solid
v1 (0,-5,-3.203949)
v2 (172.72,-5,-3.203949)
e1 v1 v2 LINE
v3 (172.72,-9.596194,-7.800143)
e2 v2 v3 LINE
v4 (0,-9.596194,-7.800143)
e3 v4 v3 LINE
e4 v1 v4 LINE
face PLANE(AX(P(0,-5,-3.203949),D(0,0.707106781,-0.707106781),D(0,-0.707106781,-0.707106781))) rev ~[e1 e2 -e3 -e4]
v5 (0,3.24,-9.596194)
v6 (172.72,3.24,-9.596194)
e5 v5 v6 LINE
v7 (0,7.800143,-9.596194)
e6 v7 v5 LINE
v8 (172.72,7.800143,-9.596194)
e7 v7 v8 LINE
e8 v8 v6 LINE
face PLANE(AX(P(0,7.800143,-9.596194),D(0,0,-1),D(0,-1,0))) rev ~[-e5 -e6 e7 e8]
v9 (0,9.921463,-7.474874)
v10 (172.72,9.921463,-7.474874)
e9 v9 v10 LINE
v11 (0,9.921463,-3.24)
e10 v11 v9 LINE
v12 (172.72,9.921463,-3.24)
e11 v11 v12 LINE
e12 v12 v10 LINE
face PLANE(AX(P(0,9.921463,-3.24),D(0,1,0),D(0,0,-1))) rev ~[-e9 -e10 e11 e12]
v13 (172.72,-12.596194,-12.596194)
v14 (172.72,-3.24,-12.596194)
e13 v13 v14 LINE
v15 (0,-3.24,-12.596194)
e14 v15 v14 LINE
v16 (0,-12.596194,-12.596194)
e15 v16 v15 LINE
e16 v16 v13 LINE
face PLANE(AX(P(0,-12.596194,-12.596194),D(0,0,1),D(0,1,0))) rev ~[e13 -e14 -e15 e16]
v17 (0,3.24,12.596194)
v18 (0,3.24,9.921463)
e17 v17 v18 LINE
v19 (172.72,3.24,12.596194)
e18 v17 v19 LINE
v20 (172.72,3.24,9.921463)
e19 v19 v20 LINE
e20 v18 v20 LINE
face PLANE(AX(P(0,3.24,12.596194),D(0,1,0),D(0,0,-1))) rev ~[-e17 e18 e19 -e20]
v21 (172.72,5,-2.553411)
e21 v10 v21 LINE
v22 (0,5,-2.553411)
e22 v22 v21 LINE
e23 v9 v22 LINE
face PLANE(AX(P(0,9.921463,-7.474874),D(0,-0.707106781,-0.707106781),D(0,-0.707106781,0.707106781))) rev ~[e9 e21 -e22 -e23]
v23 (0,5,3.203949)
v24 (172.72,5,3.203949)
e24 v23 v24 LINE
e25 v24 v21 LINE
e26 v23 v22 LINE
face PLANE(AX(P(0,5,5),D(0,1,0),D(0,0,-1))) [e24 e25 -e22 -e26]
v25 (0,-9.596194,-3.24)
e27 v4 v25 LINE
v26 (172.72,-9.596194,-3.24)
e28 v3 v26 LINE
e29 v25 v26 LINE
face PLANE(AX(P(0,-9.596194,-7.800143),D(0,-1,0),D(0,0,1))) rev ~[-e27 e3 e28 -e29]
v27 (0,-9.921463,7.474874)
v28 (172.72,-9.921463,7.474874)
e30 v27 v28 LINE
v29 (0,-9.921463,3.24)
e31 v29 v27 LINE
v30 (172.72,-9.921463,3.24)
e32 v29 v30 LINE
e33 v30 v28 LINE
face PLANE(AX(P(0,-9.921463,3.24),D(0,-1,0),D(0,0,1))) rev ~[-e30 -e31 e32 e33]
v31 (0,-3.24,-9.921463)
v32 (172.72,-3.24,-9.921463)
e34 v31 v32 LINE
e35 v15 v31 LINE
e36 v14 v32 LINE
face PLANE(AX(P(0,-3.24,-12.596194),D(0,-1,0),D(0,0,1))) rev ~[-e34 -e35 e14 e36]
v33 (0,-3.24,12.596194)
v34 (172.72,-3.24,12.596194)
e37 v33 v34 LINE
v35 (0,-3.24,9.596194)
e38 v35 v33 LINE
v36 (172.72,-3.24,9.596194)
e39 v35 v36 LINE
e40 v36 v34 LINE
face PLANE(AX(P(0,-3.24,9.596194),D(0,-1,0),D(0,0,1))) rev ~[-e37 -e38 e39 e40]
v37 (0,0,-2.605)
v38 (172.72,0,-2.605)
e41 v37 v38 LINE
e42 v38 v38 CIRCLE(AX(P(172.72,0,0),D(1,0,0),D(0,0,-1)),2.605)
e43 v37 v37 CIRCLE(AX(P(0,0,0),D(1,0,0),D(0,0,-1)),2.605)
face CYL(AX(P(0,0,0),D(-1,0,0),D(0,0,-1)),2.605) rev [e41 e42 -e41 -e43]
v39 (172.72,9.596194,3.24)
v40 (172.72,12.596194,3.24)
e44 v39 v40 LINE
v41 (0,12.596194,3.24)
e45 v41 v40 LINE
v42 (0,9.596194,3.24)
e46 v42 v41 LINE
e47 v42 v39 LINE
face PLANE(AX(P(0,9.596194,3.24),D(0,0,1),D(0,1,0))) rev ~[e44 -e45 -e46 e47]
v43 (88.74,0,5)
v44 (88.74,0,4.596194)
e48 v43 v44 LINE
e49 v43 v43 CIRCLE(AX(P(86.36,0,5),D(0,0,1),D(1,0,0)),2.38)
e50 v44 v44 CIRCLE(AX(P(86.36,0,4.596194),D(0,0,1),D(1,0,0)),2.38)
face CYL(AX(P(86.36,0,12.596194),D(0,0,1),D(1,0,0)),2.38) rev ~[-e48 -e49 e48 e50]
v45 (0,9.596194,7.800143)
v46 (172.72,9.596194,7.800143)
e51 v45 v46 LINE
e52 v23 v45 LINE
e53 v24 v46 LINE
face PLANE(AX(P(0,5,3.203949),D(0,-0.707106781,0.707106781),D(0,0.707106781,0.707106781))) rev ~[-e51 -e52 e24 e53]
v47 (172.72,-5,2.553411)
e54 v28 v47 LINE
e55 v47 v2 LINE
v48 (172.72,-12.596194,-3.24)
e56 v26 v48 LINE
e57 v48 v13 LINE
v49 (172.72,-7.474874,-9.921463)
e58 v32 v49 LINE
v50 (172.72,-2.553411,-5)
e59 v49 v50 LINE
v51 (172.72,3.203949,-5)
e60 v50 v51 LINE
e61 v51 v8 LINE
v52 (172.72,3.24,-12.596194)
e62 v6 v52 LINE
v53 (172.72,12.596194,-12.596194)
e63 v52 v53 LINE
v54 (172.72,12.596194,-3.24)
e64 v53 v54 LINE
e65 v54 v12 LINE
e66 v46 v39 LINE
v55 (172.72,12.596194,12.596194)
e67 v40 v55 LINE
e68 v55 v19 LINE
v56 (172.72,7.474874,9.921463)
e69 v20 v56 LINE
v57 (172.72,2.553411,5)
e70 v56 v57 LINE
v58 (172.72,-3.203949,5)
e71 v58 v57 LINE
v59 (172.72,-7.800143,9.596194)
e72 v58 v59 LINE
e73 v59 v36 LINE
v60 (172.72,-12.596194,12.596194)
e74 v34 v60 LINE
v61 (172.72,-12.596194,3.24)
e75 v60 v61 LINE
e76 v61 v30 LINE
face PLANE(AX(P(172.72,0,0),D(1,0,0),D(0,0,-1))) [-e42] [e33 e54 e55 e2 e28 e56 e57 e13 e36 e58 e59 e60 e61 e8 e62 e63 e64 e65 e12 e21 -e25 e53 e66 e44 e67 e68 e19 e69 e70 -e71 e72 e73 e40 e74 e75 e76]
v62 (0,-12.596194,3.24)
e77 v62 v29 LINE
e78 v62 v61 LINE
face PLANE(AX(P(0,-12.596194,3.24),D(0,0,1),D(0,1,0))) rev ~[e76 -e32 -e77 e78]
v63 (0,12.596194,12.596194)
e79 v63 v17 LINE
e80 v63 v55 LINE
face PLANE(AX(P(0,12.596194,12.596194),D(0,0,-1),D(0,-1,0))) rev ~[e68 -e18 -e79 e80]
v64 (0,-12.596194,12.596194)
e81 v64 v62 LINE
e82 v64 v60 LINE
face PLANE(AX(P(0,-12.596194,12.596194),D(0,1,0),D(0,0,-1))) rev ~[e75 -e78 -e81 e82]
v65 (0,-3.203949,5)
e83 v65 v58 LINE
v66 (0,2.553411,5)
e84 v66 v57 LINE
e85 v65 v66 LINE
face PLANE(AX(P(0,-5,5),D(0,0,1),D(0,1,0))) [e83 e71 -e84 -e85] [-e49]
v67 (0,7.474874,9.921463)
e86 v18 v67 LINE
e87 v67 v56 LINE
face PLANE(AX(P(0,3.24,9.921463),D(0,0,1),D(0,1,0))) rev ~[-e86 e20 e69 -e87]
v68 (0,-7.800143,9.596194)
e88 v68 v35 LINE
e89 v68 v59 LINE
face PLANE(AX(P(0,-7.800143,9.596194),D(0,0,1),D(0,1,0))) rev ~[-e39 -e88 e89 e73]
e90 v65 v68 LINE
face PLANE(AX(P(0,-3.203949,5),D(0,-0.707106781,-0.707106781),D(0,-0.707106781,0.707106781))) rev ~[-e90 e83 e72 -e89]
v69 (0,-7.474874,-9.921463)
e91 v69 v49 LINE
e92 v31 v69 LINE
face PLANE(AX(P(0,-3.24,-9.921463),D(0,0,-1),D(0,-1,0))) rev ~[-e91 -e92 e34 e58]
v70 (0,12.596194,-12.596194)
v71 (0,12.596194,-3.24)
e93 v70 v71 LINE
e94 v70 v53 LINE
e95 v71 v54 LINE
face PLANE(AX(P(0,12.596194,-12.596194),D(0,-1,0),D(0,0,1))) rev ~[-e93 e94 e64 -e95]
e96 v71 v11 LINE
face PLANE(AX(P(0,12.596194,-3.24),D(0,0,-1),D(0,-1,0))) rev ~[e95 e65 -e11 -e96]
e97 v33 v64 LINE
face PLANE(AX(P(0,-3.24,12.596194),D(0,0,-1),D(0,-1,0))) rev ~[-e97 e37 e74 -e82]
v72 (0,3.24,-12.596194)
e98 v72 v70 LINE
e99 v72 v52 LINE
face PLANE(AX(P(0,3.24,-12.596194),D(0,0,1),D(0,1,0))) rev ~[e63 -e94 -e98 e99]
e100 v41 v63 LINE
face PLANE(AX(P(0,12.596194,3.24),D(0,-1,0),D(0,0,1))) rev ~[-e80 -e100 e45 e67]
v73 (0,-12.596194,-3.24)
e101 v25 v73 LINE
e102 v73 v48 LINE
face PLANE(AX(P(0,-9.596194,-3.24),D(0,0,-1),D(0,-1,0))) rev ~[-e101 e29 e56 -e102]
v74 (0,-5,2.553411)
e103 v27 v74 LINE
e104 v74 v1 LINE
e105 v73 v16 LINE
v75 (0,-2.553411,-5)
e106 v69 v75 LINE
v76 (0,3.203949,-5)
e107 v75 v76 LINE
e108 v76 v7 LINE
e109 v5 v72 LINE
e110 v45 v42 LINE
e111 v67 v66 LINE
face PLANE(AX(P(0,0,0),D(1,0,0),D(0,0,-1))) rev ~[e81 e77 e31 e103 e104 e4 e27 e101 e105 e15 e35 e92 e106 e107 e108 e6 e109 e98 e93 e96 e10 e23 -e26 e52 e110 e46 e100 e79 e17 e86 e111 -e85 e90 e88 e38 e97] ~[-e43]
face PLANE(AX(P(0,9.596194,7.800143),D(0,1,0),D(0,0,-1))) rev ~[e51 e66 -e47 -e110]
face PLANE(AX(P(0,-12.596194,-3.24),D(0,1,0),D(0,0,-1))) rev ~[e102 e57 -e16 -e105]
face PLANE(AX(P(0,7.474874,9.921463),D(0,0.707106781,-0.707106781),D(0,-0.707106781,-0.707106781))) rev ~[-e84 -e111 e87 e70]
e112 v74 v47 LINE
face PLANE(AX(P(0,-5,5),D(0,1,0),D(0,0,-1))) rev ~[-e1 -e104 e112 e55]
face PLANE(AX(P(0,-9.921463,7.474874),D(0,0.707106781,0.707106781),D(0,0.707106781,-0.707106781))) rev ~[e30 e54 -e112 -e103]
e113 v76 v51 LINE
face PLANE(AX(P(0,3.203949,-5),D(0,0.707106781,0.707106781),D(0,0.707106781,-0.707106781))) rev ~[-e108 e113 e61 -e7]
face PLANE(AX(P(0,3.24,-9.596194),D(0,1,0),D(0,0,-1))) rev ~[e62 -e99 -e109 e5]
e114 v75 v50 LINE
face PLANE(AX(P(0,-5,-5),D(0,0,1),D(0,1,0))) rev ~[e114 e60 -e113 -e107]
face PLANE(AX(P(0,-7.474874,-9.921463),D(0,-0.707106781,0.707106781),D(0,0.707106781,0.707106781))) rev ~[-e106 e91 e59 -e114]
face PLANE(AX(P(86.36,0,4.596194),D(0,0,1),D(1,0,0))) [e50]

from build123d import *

# Parameters (mm, degrees)
SKETCH1_R           = 2.605
BOSS_EXTRUDE1_DEPTH = 172.72
CIRPATTERN1_COUNT   = 4
SKETCH2_R           = 2.38
CUT_EXTRUDE6_DEPTH  = 8


with BuildPart() as part:
    # Sketch1 → Boss-Extrude1 (new body)
    with BuildSketch(Plane(origin=(0, 0, 0), x_dir=(0, 0, -1), z_dir=(1, 0, 0))):
        Polygon((5, -5), (5, 3.203948776), (9.596194078, 7.800142853), (9.596194078, 3.24), (12.596194078, 3.24), (12.596194078, 12.596194078), (3.24, 12.596194078), (3.24, 9.921463197), (7.474873734, 9.921463197), (2.553410537, 5), (-5, 5), (-5, -5), align=None)
        Circle(SKETCH1_R, mode=Mode.SUBTRACT)
    boss_extrude1 = extrude(amount=BOSS_EXTRUDE1_DEPTH)

    # CirPattern1: Boss-Extrude1 ×4 about axis
    cirpattern1_axis = Axis((0, 0, 0), (1, 0, 0))
    for i in range(1, CIRPATTERN1_COUNT):
        add(boss_extrude1.rotate(cirpattern1_axis, i * 360 / CIRPATTERN1_COUNT))

    # Sketch2 → Cut-Extrude6 (cut)
    with BuildSketch(Plane.XY.offset(12.596194078)):
        with Locations((86.36, 0)):
            Circle(SKETCH2_R)
    extrude(amount=-CUT_EXTRUDE6_DEPTH, mode=Mode.SUBTRACT)


solid = part.part
